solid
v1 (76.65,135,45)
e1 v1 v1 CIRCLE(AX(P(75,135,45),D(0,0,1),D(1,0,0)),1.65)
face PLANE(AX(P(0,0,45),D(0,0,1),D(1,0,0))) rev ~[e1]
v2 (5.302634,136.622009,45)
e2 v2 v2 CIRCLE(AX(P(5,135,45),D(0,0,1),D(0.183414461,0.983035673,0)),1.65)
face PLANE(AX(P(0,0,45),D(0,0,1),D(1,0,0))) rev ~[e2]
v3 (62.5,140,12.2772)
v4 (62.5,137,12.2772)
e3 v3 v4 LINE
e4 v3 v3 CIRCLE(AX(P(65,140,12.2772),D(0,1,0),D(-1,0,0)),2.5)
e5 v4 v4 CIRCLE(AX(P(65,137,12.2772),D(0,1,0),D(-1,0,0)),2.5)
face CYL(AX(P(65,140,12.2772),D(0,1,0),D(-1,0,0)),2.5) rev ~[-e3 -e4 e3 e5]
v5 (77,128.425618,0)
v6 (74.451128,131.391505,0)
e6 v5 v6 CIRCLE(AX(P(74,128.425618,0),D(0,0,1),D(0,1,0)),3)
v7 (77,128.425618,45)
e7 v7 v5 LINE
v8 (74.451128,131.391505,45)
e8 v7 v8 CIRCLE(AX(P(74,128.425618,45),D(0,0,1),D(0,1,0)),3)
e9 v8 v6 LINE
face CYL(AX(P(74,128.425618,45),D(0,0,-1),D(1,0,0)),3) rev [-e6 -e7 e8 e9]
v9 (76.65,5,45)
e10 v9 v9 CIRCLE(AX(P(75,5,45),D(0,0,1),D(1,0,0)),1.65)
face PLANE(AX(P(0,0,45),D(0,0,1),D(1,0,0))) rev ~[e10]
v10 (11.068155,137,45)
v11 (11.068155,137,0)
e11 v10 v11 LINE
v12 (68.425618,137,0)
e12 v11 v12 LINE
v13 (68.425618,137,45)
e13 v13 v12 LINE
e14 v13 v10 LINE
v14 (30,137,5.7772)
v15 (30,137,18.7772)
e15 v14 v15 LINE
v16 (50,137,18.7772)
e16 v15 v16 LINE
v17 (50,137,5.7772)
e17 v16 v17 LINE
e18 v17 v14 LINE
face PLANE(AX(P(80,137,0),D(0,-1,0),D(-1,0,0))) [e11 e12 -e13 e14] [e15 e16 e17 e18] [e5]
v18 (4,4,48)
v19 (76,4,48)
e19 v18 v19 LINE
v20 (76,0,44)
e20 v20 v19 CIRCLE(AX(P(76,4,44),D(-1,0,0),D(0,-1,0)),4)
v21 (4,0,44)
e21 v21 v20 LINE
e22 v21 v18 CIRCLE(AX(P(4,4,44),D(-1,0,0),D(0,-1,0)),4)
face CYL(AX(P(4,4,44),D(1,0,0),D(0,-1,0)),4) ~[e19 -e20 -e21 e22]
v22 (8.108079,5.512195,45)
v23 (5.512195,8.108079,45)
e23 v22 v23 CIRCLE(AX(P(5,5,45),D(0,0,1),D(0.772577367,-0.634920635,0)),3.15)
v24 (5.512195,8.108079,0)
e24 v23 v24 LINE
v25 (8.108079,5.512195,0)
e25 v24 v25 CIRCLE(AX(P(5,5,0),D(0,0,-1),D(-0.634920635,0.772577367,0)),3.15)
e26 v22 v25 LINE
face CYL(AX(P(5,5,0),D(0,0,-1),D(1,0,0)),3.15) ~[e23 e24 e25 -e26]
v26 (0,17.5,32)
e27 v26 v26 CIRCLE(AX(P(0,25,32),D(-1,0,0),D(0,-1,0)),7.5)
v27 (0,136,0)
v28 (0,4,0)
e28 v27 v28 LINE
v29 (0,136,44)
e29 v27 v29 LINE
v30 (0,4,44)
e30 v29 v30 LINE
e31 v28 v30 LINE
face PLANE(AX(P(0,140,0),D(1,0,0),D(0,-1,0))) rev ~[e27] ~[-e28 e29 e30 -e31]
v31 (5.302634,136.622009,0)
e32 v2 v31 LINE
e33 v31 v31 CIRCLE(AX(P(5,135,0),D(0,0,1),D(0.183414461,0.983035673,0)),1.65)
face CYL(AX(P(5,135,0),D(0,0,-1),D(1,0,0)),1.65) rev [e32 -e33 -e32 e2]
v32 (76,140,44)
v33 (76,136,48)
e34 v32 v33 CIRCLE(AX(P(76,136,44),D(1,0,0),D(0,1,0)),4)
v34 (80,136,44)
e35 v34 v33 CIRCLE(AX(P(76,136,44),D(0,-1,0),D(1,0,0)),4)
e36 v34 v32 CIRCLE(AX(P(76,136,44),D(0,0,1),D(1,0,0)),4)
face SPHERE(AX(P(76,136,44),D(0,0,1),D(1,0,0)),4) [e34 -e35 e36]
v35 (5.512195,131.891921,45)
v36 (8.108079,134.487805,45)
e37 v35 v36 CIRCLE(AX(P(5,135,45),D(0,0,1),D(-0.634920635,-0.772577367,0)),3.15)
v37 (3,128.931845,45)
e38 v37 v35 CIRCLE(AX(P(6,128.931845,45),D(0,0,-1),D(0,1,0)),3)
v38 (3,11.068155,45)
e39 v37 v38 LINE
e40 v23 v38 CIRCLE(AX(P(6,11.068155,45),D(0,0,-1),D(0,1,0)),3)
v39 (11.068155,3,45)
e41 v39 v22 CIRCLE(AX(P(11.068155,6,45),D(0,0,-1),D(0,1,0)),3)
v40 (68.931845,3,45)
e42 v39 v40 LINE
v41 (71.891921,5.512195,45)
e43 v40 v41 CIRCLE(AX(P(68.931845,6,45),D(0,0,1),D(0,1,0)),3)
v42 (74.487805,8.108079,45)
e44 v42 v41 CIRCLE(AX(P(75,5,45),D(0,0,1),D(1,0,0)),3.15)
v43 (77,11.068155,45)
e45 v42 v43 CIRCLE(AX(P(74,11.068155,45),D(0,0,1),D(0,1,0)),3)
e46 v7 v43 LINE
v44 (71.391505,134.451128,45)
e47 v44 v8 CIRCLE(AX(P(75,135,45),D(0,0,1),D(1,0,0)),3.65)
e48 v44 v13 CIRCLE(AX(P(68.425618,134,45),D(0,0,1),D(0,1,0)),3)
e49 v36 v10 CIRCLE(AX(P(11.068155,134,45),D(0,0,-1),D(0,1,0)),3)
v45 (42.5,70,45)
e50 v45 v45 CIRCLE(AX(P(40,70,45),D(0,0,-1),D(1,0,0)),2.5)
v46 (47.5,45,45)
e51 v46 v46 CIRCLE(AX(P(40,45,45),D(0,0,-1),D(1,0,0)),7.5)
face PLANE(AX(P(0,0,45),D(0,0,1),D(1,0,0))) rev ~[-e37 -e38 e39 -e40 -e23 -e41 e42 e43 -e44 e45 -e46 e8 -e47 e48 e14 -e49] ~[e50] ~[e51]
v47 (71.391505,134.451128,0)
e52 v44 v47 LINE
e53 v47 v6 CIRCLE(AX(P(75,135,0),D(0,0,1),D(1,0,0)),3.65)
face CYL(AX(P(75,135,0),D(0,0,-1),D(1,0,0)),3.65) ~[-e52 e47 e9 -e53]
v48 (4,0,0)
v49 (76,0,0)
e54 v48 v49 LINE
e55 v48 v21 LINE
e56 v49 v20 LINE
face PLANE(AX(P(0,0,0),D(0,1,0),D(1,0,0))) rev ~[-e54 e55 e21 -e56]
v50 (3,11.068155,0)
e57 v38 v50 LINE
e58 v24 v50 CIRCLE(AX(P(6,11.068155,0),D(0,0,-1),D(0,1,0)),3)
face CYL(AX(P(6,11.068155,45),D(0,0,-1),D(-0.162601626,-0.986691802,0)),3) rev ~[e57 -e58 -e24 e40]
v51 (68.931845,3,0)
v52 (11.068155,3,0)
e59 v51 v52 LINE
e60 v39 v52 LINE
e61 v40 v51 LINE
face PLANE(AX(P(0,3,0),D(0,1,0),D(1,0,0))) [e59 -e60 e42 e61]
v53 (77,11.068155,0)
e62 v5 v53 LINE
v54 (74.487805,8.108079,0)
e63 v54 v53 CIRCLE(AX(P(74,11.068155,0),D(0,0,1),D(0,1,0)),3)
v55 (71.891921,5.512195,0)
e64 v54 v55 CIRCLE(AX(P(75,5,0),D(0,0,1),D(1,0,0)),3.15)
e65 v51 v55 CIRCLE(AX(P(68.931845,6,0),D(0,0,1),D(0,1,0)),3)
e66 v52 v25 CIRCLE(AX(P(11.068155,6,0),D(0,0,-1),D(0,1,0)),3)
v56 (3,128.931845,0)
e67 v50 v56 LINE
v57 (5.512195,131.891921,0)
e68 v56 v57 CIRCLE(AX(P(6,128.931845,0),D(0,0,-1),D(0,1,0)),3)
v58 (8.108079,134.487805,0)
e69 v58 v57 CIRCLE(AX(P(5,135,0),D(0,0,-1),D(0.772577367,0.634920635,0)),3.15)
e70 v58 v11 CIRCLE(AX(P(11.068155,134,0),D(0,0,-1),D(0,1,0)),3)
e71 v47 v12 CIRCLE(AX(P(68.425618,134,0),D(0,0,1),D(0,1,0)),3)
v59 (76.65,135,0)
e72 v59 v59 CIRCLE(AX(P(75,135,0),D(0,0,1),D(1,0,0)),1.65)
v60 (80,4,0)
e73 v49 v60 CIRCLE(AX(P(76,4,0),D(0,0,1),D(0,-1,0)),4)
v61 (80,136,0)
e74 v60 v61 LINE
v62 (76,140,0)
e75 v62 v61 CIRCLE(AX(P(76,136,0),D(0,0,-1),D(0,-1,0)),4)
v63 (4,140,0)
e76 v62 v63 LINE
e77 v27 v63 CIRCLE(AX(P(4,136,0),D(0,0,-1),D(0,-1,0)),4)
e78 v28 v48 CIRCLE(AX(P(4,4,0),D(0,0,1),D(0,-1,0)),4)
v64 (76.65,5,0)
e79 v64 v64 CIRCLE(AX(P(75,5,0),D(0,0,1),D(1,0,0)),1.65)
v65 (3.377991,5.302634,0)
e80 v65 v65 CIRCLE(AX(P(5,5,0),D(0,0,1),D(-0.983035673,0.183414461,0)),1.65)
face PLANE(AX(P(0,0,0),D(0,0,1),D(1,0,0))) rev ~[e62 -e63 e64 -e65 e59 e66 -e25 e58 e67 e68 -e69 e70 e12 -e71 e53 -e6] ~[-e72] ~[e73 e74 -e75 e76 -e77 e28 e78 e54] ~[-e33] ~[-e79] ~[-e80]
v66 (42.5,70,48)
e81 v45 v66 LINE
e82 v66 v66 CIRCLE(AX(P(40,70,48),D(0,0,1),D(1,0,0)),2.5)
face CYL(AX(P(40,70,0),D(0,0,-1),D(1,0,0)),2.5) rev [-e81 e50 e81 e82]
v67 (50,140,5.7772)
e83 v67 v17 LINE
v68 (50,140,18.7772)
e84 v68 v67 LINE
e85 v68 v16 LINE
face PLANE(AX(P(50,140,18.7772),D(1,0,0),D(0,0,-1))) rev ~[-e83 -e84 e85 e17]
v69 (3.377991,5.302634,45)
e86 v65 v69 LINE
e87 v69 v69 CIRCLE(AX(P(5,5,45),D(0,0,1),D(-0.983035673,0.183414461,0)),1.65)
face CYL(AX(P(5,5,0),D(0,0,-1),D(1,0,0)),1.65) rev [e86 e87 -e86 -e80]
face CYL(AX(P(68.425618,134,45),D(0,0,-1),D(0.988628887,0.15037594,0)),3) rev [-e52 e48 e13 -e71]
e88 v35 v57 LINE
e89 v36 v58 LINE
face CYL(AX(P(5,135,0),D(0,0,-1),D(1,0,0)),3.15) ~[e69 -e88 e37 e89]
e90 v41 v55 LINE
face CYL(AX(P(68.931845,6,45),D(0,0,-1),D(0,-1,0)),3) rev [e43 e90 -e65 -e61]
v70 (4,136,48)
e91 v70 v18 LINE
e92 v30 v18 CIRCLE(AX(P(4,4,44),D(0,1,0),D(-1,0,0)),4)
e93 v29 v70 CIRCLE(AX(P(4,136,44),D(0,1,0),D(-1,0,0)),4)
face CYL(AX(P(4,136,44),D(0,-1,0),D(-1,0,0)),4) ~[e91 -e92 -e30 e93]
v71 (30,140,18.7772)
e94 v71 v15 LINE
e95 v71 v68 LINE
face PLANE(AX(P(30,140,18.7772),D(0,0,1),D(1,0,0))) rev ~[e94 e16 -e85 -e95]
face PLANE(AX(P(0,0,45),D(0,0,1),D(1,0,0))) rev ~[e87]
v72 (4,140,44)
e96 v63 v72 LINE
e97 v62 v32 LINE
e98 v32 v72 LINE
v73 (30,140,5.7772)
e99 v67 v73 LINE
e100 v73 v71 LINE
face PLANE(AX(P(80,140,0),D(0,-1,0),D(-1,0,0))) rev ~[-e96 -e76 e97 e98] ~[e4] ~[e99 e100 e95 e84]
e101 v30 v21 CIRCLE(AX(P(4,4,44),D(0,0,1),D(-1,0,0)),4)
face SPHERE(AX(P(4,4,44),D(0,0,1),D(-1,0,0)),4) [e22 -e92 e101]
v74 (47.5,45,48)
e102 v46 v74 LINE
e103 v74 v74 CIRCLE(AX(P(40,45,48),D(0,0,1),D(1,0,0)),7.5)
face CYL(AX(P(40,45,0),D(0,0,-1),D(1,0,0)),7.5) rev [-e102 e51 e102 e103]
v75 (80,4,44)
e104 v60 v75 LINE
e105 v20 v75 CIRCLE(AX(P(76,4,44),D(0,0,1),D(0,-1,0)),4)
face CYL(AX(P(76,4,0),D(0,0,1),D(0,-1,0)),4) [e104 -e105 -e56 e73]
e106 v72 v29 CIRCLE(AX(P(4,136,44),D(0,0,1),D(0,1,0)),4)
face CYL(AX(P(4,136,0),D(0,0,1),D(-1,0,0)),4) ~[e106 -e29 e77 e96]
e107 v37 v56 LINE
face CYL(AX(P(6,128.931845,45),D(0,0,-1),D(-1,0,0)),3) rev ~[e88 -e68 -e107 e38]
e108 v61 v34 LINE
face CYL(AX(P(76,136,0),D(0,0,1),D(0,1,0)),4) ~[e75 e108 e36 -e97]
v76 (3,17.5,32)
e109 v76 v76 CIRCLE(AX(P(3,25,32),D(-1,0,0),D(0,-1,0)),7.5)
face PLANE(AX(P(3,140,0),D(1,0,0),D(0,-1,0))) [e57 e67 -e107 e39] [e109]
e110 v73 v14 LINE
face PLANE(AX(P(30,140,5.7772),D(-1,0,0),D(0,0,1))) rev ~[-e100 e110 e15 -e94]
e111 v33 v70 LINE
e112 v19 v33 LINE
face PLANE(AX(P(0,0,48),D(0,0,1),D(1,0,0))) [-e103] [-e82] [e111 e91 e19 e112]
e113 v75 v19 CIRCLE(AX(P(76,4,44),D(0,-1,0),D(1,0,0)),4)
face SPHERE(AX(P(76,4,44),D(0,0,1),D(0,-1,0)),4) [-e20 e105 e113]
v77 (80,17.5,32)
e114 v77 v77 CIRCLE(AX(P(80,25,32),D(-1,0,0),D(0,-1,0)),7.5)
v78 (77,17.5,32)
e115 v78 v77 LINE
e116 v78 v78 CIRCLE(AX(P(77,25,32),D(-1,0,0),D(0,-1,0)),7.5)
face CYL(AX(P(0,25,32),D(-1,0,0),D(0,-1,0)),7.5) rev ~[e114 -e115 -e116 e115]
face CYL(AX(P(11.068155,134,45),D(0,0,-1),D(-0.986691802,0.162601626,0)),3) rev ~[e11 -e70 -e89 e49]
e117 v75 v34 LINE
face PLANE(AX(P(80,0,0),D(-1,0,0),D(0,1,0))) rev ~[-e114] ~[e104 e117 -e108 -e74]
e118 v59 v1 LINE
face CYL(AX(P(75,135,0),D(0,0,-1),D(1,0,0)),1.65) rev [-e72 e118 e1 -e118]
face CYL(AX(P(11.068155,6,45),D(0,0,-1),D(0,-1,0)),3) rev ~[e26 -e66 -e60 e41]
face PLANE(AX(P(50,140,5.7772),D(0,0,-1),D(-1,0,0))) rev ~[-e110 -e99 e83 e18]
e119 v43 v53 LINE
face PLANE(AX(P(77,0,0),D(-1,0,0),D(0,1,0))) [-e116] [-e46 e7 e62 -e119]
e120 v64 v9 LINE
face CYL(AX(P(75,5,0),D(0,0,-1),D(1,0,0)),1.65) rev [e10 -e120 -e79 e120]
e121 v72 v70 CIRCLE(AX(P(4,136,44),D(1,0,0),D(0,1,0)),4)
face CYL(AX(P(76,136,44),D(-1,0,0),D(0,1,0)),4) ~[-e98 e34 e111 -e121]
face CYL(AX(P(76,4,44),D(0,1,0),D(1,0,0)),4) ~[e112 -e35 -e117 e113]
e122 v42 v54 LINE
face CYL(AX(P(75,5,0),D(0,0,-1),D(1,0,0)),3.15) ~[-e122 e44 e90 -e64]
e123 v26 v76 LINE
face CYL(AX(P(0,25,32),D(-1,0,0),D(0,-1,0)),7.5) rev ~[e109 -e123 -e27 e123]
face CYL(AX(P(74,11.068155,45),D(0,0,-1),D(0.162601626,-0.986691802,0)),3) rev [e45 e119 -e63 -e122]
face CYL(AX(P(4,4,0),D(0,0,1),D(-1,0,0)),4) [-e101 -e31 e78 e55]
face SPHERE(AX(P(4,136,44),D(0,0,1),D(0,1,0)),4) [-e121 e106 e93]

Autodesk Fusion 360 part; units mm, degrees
sketch "Sketch1" plane through (0, 0, 0) normal (0, 0, 1) x (1, 0, 0)
  line L0 (0, 0) -> (80, 0)
  line L1 (80, 0) -> (80, 140)
  line L2 (80, 140) -> (0, 140)
  line L3 (0, 140) -> (0, 0)
  line L4 (40, 140) -> (40, 0) construction
  circle A0 centre (40, 45) radius 7.5
  line L5 (5, 5) -> (75, 5) construction
  line L6 (75, 5) -> (75, 135) construction
  line L7 (75, 135) -> (5, 135) construction
  line L8 (5, 135) -> (5, 5) construction
  circle A1 centre (75, 135) radius 1.65
  circle A2 centre (5, 135) radius 1.65
  circle A3 centre (75, 5) radius 1.65
  circle A4 centre (5, 5) radius 1.65
  circle A5 centre (75, 5) radius 3.15
  circle A6 centre (5, 5) radius 3.15
  circle A7 centre (5, 135) radius 3.15
  circle A8 centre (75, 135) radius 3.65
  circle A9 centre (40, 70) radius 2.5
  dimension "d1" = 80
  dimension "d2" = 140
  dimension "d3" = 15
  dimension "d13" = -5
  dimension "d14" = 3.3
  dimension "d15" = 3.3
  dimension "d16" = 3.3
  dimension "d17" = 3.3
  dimension "d18" = 1.5
  dimension "d19" = 1.5
  dimension "d20" = 1.5
  dimension "d21" = 2
  dimension "d38" = 45
  dimension "d40" = 5
  dimension "d41" = 25
extrude "Extrude1" add sketch "Sketch1" along normal blind 48 contours L0 L1 L2 L3 | A0 | A1 | A2 | A3 | A4 | A5 | A6 | A7 | A8 | A9
shell "Shell1" thickness 3 removed faces 1 at (26.6667, 46.6667, 0)
extrude "Footswitch hole" cut sketch "Sketch1" along normal up to surface (48 mm away) contours A0 | A9
sketch "Sketch3" plane through (0, 0, 0) normal (-1, 0, 0) x (0, -1, 0)
  line L0 (-140, 0) -> (0, 0)
  line L1 (0, 0) -> (0, 48)
  line L2 (0, 48) -> (-140, 48)
  line L3 (-140, 48) -> (-140, 0)
  line L4 (-130, 32) -> (0, 32) construction
  circle A0 centre (-25, 32) radius 7.5
  dimension "d28" = 15
  dimension "d37" = 25
  dimension "d39" = 16
extrude "Extrude5" cut sketch "Sketch3" against normal up to surface (80 mm away) contours A0
fillet "Fillet1" radius 4 8 edges at (0, 0, 24) (3, 3, 22.5) (80, 0, 24) (77, 3, 22.5) (0, 140, 24) (3, 137, 22.5) (77, 137, 22.5) (80, 140, 24)
fillet "Fillets" radius 4 8 edges at (1.1716, 1.1716, 48) (40, 0, 48) (78.8284, 1.1716, 48) (80, 70, 48) (78.8284, 138.8284, 48) (40, 140, 48) (1.1716, 138.8284, 48) (0, 70, 48)
extrude "Extrude3" add sketch "Sketch1" along normal up to surface (45 mm away) contours A5 | A6 | A7 | A8
extrude "Extrude4" cut sketch "Sketch1" along normal up to surface (45 mm away) contours A1 | A2 | A3 | A4
fillet "Fillet3" radius 3 8 edges at (72.5664, 3, 22.5) (77, 7.4336, 22.5) (3, 7.4336, 22.5) (7.4336, 3, 22.5) (7.4336, 137, 22.5) (3, 132.5664, 22.5) (77, 131.9467, 22.5) (71.9467, 137, 22.5)
sketch "Sketch4" plane through (0, 140, 0) normal (0, 1, 0) x (-1, 0, 0)
  line L0 (-4, 44) -> (-76, 44)
  line L1 (-76, 44) -> (-76, 0)
  line L2 (-76, 0) -> (-4, 0)
  line L3 (-4, 0) -> (-4, 44)
  line L4 (-30, 18.7772) -> (-50, 18.7772)
  line L5 (-50, 18.7772) -> (-50, 5.7772)
  line L6 (-50, 5.7772) -> (-30, 5.7772)
  line L7 (-30, 5.7772) -> (-30, 18.7772)
  line L8 (-40, 44) -> (-40, 0) construction
  line L9 (-30, 12.2772) -> (-65, 12.2772) construction
  circle A0 centre (-65, 12.2772) radius 2.5
  dimension "d31" = 20
  dimension "d32" = 13
  dimension "d42" = 5
  dimension "d43" = 15
extrude "Extrude6" cut sketch "Sketch4" against normal up to surface (3 mm away) contours L4 L5 L6 L7 | A0
equation "d38 = 35 mm + 10 mm"
